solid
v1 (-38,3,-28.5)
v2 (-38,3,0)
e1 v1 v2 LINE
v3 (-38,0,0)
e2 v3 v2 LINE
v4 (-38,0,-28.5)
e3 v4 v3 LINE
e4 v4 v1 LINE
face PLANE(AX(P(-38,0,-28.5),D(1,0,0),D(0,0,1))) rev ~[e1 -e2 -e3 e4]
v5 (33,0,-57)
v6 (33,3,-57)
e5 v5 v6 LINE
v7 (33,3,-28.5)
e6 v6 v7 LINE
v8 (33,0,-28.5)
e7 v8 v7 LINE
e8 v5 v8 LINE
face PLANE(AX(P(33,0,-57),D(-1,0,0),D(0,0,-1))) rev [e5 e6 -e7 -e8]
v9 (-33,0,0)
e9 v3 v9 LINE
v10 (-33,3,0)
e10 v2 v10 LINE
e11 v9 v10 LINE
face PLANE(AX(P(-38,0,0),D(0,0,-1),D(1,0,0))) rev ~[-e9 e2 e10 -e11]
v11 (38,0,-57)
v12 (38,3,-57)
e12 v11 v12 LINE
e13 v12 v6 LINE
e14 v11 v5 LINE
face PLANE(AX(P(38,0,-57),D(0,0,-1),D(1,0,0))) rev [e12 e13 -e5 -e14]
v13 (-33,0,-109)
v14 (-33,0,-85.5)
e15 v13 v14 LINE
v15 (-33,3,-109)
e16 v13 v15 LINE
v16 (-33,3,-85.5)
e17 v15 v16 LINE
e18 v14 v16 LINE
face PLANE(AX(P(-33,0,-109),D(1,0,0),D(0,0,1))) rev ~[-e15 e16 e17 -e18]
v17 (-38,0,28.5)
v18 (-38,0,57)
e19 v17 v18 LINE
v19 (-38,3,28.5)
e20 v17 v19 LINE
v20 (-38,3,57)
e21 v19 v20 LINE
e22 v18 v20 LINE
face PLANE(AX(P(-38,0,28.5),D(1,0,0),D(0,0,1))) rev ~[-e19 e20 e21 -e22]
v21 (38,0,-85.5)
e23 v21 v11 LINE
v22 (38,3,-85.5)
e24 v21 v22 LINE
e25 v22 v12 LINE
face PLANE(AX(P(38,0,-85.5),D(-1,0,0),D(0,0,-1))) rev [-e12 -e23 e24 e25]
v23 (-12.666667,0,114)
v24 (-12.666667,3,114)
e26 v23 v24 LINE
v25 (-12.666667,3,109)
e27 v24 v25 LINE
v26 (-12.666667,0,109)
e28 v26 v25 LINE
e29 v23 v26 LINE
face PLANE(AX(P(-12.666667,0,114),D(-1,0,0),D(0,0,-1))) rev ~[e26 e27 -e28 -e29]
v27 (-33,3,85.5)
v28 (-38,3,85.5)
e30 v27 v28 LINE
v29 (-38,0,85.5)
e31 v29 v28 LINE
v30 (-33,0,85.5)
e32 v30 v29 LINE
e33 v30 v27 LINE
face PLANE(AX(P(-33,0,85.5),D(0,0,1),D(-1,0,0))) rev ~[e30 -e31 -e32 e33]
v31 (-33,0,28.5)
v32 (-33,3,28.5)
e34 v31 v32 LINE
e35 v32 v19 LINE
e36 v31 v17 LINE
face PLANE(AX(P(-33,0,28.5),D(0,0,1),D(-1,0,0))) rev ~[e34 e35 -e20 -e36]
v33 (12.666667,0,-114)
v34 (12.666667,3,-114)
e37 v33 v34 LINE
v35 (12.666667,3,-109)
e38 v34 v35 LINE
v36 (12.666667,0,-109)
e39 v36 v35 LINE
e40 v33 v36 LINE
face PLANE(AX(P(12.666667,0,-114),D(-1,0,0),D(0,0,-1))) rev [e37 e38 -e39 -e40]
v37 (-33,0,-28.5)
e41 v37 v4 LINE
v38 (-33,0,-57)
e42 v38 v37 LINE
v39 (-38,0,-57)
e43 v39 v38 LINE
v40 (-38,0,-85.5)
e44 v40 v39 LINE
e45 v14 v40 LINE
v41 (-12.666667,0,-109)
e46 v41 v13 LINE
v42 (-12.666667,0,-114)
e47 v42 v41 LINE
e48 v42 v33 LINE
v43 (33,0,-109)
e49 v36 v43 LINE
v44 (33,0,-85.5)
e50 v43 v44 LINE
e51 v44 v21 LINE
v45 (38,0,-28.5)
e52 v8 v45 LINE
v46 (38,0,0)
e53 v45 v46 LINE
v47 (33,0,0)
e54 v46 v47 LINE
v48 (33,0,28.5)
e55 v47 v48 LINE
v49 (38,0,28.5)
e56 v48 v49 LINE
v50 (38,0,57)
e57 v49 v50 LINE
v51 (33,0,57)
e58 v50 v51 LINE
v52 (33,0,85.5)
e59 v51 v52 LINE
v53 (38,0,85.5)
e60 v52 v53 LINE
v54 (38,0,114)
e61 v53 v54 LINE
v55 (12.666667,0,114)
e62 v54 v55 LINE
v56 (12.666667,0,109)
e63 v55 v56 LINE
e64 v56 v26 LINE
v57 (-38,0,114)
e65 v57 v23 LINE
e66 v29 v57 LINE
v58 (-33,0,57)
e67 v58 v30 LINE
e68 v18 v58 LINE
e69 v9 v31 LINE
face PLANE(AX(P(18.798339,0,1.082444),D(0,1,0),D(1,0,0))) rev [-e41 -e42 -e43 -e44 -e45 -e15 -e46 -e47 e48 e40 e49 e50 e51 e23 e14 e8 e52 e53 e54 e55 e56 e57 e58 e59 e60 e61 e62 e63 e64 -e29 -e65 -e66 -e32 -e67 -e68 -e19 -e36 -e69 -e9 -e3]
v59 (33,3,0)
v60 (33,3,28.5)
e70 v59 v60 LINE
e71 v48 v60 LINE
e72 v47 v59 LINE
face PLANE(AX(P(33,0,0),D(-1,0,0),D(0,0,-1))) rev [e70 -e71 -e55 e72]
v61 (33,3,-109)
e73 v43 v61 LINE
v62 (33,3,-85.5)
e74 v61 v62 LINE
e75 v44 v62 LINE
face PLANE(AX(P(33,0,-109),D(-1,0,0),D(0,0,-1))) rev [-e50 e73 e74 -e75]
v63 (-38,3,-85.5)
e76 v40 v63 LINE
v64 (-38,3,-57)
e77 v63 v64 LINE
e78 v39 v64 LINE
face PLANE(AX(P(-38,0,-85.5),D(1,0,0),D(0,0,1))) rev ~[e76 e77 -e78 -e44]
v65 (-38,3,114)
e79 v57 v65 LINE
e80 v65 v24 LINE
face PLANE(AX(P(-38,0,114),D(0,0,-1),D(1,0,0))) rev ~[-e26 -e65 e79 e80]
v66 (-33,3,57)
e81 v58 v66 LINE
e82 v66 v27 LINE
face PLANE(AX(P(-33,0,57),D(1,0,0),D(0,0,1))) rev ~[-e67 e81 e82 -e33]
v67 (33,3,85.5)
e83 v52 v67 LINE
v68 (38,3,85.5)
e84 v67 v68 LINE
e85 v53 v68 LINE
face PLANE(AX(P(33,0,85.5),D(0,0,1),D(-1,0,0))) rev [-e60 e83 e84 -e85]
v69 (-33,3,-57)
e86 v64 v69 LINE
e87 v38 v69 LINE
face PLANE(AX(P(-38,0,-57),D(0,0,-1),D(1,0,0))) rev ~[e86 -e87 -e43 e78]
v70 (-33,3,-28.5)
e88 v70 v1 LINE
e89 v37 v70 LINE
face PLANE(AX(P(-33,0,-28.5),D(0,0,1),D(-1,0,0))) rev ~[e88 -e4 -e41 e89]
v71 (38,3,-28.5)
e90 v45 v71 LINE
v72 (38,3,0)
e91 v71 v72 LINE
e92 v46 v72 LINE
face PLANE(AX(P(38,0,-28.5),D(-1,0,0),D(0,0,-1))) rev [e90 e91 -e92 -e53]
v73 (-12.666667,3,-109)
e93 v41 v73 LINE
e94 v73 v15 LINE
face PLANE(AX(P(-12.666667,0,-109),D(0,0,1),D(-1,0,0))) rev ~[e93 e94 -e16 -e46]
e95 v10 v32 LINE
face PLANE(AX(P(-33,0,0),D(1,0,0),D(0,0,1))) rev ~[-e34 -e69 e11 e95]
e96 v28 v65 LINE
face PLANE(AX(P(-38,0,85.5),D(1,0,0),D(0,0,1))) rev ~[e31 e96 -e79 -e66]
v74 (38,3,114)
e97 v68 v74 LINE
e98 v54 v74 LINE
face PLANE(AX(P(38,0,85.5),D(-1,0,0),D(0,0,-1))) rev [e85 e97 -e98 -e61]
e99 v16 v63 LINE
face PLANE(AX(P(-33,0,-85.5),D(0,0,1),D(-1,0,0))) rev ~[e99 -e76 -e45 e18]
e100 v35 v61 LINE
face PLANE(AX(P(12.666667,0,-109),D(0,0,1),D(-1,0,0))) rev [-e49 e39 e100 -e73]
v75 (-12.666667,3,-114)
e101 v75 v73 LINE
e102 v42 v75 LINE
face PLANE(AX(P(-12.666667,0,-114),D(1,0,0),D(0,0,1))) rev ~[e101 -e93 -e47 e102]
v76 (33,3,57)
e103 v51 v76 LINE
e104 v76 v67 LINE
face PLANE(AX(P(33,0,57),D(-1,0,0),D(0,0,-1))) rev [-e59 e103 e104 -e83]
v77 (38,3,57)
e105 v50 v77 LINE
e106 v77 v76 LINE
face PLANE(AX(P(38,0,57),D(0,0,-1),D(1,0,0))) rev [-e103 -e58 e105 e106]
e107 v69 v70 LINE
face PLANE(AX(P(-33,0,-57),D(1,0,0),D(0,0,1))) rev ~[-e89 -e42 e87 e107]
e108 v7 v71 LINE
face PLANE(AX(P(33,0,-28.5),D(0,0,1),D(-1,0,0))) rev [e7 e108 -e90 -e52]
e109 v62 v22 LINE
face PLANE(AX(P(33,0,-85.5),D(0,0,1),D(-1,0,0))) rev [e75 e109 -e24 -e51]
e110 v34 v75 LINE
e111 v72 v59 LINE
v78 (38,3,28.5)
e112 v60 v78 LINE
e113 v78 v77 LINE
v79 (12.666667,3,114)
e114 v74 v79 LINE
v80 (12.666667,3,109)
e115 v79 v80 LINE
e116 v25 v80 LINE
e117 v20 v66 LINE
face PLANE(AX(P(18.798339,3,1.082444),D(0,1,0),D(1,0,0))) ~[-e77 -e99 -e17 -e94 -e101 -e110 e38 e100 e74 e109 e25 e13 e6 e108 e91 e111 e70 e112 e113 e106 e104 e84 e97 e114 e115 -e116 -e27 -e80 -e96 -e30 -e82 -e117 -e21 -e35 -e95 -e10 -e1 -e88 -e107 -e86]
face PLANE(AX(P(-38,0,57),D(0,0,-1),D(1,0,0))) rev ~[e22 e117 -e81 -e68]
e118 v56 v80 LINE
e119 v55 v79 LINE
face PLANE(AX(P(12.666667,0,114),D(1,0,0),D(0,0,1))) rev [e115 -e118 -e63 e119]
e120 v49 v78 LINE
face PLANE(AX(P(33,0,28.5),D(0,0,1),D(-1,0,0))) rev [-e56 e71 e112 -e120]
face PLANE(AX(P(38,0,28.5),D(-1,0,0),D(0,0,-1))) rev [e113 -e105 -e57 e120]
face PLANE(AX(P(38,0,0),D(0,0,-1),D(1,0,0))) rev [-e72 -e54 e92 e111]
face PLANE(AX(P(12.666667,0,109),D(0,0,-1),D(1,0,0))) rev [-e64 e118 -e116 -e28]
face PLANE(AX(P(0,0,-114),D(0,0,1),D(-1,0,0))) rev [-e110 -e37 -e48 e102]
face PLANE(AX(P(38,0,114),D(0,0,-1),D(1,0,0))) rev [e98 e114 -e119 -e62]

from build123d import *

# Parameters (mm, degrees)
BOSS_EXTRUDE1_DEPTH = 3


with BuildPart() as part:
    # Sketch1 → Boss-Extrude1 (new body)
    with BuildSketch(Plane(origin=(0, 0, 0), x_dir=(1, 0, 0), z_dir=(0, 1, 0))):
        Polygon((-38, -114), (-12.666666667, -114), (-12.666666667, -109), (0, -109), (0, 114), (-12.666666667, 114), (-12.666666667, 109), (-33, 109), (-33, 85.5), (-38, 85.5), (-38, 57), (-33, 57), (-33, 28.5), (-38, 28.5), (-38, 0), (-33, 0), (-33, -28.5), (-38, -28.5), (-38, -57), (-33, -57), (-33, -85.5), (-38, -85.5), align=None)
    boss_extrude1 = extrude(amount=BOSS_EXTRUDE1_DEPTH)

    # Mirror1: Boss-Extrude1 across plane
    add(boss_extrude1.mirror(Plane(origin=(0, 3, 109), x_dir=(0, 0, 1), z_dir=(-1, 0, 0))))


solid = part.part
